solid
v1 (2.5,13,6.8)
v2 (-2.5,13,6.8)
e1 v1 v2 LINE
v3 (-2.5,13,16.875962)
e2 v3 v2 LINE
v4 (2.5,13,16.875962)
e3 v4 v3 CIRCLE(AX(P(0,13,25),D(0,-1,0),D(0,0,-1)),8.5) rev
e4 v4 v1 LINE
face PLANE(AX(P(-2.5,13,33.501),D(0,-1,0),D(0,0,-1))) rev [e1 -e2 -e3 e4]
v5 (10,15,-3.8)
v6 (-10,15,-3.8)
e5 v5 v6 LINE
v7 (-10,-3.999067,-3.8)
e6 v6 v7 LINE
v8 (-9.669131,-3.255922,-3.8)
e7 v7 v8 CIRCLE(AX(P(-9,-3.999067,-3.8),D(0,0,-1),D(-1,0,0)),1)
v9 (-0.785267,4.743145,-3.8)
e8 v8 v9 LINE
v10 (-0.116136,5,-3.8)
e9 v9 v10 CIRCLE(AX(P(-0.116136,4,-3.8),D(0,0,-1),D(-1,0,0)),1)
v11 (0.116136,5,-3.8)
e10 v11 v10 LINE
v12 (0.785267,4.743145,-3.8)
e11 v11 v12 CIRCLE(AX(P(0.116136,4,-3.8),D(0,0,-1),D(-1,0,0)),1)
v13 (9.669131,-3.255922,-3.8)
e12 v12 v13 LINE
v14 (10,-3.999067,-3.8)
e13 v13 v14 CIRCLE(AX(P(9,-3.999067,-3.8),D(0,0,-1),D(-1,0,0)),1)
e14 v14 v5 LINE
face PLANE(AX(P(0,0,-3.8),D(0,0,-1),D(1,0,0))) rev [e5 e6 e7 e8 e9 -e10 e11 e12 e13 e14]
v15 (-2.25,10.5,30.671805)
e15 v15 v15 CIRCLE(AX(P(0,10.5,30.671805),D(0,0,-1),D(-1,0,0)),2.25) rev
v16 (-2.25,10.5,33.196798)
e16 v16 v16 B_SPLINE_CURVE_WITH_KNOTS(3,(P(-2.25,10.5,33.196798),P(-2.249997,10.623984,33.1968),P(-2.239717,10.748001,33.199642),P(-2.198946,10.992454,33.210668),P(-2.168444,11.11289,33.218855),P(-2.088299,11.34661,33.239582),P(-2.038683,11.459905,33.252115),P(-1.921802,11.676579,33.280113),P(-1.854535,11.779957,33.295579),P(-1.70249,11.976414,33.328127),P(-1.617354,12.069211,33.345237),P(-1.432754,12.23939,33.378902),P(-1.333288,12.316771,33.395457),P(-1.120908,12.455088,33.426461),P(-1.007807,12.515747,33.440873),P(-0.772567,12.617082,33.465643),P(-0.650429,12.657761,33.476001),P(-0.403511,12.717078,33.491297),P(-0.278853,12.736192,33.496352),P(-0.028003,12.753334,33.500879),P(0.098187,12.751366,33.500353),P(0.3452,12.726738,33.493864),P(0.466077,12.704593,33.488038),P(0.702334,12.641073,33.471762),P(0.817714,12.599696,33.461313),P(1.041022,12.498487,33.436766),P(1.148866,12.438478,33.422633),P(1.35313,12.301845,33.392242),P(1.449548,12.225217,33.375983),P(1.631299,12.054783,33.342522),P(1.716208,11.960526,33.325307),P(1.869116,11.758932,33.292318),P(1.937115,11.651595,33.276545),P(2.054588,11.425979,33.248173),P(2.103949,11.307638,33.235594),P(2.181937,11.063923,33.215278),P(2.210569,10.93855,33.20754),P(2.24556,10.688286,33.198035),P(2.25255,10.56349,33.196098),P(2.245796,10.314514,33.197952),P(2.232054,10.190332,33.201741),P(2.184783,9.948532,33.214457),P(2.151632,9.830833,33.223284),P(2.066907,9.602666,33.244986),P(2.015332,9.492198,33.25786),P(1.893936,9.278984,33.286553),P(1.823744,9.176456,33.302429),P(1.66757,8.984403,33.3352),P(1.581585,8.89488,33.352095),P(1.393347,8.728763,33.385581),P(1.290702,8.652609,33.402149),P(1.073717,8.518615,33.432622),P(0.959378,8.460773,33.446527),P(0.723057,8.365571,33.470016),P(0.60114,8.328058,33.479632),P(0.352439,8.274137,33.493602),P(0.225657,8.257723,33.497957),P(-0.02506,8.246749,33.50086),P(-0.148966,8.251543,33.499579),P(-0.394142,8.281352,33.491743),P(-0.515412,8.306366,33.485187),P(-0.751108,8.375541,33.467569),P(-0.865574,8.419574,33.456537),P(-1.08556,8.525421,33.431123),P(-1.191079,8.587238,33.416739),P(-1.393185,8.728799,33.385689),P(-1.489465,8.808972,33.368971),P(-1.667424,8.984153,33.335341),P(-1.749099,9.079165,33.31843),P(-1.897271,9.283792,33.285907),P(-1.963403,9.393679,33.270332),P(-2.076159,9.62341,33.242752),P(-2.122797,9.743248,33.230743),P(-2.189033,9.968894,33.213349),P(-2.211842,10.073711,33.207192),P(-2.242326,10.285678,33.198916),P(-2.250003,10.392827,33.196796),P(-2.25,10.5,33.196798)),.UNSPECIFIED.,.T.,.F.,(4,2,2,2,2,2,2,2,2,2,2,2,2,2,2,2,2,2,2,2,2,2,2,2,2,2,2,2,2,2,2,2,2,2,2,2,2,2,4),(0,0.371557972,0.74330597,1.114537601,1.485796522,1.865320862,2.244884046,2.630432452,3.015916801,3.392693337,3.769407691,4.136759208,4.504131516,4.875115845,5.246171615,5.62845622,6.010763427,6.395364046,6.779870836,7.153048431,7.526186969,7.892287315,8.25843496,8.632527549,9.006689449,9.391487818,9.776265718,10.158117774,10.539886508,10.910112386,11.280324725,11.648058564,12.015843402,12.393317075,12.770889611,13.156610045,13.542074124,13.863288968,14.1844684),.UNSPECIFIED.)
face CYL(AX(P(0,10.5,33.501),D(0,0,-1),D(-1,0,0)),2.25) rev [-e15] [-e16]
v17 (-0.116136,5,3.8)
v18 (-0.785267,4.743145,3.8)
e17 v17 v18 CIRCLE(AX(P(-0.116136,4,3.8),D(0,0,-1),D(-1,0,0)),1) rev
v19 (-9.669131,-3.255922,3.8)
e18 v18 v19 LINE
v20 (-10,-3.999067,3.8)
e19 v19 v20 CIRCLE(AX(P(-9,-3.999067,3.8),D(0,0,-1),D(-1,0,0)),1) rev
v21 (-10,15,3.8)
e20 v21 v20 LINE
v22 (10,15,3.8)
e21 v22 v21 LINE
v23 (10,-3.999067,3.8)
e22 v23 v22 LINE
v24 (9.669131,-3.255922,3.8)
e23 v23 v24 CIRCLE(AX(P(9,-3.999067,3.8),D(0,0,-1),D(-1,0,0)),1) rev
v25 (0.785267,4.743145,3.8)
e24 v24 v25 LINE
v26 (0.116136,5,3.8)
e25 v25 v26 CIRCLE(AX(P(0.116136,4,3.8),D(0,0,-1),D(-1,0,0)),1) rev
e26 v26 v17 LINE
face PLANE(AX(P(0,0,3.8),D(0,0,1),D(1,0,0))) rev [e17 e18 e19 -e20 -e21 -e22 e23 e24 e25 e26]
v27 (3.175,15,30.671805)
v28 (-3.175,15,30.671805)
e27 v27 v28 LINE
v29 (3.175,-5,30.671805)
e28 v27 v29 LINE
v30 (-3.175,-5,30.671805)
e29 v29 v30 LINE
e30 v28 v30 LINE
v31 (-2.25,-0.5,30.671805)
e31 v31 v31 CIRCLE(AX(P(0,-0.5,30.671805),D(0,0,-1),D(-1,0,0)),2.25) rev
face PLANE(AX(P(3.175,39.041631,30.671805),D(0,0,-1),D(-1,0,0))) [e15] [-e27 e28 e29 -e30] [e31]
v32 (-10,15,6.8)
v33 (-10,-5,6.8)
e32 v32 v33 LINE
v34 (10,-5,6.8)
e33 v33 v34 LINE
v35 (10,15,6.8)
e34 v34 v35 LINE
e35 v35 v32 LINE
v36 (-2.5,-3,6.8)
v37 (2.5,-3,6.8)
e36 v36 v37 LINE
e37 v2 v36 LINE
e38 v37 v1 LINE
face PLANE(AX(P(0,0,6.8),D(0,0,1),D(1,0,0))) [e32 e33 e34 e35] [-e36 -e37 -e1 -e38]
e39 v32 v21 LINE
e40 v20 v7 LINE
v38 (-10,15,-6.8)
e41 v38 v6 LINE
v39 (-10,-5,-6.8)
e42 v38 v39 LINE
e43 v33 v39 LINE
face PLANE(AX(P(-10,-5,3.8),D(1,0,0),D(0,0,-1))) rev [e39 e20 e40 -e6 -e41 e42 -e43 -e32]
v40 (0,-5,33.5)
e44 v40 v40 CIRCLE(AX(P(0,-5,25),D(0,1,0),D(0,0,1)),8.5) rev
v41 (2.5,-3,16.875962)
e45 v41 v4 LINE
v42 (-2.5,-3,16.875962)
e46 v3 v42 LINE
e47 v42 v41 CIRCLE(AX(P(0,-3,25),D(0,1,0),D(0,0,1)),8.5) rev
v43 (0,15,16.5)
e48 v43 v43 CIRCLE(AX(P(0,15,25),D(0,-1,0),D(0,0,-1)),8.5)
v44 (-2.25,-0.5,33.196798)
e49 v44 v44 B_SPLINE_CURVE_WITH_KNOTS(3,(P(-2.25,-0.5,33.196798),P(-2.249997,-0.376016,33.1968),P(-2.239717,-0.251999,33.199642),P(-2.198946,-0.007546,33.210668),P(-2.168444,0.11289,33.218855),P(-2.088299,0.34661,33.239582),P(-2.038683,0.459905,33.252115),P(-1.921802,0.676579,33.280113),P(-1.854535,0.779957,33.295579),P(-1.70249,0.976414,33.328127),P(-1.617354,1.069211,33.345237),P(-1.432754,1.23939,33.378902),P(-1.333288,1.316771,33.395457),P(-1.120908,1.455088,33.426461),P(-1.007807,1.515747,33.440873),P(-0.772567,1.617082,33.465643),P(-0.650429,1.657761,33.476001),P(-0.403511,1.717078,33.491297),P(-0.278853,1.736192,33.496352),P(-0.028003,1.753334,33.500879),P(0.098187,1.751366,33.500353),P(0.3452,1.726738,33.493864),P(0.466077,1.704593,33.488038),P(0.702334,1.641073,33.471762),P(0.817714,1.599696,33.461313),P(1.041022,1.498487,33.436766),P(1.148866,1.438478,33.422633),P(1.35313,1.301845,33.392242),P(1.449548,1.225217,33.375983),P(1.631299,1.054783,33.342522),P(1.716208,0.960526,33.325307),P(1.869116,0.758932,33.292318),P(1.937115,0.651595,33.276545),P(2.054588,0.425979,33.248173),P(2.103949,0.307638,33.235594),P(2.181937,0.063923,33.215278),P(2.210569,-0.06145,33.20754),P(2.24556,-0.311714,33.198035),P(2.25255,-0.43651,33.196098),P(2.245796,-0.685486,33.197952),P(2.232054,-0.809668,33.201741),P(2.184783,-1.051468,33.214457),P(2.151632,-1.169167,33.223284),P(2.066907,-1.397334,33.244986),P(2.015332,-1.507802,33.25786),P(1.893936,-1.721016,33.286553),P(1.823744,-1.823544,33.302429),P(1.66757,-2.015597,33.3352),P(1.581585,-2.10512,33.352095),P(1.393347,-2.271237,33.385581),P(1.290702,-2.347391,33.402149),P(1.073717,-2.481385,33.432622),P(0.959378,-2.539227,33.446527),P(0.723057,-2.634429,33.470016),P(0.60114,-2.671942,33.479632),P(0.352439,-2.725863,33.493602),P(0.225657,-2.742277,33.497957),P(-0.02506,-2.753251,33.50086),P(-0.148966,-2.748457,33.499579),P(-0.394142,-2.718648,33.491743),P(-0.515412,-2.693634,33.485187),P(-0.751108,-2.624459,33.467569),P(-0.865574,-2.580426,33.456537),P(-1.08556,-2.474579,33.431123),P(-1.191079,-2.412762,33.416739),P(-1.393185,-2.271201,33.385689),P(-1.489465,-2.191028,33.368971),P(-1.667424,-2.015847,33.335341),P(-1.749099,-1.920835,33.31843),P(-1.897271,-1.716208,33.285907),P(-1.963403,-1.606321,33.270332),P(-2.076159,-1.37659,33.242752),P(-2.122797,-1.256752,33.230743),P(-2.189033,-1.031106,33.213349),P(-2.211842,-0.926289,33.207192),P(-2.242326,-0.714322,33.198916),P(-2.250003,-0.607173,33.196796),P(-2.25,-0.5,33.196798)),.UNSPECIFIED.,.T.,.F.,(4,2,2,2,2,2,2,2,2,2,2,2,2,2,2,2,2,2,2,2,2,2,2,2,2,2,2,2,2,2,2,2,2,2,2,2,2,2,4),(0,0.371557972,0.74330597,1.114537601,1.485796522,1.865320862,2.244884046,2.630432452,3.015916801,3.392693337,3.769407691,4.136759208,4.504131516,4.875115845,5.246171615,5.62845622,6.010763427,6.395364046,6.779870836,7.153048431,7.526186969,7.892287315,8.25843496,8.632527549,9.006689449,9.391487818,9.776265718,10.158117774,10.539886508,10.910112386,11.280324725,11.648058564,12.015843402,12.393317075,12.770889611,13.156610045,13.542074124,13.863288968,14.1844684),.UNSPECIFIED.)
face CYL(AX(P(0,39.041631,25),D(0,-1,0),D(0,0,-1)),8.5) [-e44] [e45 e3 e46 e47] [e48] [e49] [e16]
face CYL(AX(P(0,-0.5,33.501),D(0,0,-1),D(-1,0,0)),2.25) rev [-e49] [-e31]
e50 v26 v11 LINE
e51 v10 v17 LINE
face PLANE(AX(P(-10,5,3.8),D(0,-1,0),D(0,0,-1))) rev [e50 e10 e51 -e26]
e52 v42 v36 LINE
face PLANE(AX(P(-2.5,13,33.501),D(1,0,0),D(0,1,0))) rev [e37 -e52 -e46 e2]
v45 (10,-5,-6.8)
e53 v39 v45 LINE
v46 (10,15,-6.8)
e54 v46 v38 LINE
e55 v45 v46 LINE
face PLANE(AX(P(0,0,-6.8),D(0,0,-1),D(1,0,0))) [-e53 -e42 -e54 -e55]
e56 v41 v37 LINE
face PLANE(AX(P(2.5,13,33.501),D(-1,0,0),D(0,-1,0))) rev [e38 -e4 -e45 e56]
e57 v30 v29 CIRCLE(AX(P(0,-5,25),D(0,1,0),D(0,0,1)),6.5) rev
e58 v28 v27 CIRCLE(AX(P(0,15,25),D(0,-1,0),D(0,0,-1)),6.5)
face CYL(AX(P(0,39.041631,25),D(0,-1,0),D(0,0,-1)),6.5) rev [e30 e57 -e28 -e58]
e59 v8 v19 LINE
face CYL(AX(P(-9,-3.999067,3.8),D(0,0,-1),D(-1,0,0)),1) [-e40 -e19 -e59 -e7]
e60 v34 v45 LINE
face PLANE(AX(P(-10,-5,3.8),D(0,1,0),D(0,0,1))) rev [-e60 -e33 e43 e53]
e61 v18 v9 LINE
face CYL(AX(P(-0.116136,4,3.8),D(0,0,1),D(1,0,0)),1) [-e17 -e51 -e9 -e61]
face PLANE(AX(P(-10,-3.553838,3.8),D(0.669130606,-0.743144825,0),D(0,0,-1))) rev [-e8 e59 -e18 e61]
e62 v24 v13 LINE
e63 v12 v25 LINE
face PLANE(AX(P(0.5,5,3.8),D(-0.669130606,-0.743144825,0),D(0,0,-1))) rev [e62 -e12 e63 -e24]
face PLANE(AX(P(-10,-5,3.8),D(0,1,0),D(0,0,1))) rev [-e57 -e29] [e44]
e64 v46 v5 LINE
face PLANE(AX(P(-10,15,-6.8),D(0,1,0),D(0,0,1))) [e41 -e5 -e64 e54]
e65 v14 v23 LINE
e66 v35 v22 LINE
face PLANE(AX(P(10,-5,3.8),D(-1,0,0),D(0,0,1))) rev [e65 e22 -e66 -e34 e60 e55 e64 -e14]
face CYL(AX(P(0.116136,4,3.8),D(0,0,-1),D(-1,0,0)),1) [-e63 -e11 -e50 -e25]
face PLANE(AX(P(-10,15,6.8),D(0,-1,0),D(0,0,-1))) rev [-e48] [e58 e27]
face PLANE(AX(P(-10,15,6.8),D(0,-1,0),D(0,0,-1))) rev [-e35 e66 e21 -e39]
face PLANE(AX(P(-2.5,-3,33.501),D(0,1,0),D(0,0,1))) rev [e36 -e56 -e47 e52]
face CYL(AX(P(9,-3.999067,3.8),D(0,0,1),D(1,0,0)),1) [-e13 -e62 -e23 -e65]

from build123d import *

# Parameters (mm, degrees)
SKETCH2_W                       = 20
SKETCH2_H                       = 10
BOSS_EXTRUDE1_DEPTH             = 3.8
CHAMFER1_SIZE                   = 9.5
CHAMFER1_SIZE2                  = 8.553838421
FILLET3_R                       = 1
SKETCH3_W                       = 20
SKETCH3_H                       = 20
BOSS_EXTRUDE2_DEPTH             = 3
BOSS_EXTRUDE3_REACH             = 21.268
SKETCH6_R                       = 8.5
BOSS_EXTRUDE3_DIRECTION_2_REACH = 21.268
BOSS_EXTRUDE4_REACH             = 34.216
BOSS_EXTRUDE4_END_RADIUS        = 8.5
SKETCH5_W                       = 5
SKETCH5_H                       = 16
CUT_EXTRUDE1_REACH              = 34.299
CUT_EXTRUDE1_END_RADIUS         = 8.5
SKETCH7_R                       = 2.25


with BuildPart() as part:
    # Sketch2 → Boss-Extrude1 (new, symmetric)
    with BuildSketch(Plane.XY):
        Rectangle(SKETCH2_W, SKETCH2_H)
    extrude(amount=BOSS_EXTRUDE1_DEPTH, both=True)

    # Chamfer1
    chamfer1_edges = [part.edges().sort_by_distance(p)[0] for p in [
        (-10, 5, 0),
        (10, 5, 0),
    ]]
    chamfer1_side = [part.faces().sort_by_distance(p)[0] for p in [
        (0, 5, 0),
    ]]
    chamfer(chamfer1_edges, length=CHAMFER1_SIZE, length2=CHAMFER1_SIZE2, reference=chamfer1_side[0])

    # Fillet3
    fillet3_edges = [part.edges().sort_by_distance(p)[0] for p in [
        (-0.5, 5, 0),
        (0.5, 5, 0),
        (10, -3.553838421, 0),
        (-10, -3.553838421, 0),
    ]]
    fillet(fillet3_edges, radius=FILLET3_R)

    # Sketch3 → Boss-Extrude2 (add)
    with BuildSketch(Plane.XY.offset(3.8)):
        with Locations((0, 5)):
            Rectangle(SKETCH3_W, SKETCH3_H)
    boss_extrude2 = extrude(amount=BOSS_EXTRUDE2_DEPTH)

    # Mirror1: Boss-Extrude2 across plane
    add(boss_extrude2.mirror(Plane.XY))


with BuildPart() as body_2:

    # Boss-Extrude3: up to this face of the body (flat: up to its plane)
    boss_extrude3_end = Plane(part.part.faces().sort_by_distance((0, 15, 5.3))[0])
    # Sketch6 → Boss-Extrude3 (new, up to the picked face)
    with BuildSketch(Plane(origin=(0, 0, 0), x_dir=(1, 0, 0), z_dir=(0, 1, 0)), mode=Mode.PRIVATE) as boss_extrude3_sk1:
        with Locations(Location((0, -25, 0), (0, 0, 90))):
            Circle(SKETCH6_R)
        with BuildLine():
            Line((3.175, -30.671805268), (-3.175, -30.671805268))
            ThreePointArc((-3.175, -30.671805268), (0, -18.5), (3.175, -30.671805268))
        make_face(mode=Mode.SUBTRACT)
    boss_extrude3_tool1 = split(extrude(boss_extrude3_sk1.sketch, amount=BOSS_EXTRUDE3_REACH, mode=Mode.PRIVATE), bisect_by=boss_extrude3_end, keep=Keep.BOTH, mode=Mode.PRIVATE)
    add(boss_extrude3_tool1.solids().sort_by(Axis((0, 0, 33.259584), (0, 1, 0)))[0])


    # Boss-Extrude3 direction 2: up to this face of the body (flat: up to its plane)
    boss_extrude3_direction_2_end = Plane(part.part.faces().sort_by_distance((0, -5, 0))[0])
    # Sketch6 → Boss-Extrude3 direction 2 (add, up to the picked face)
    with BuildSketch(Plane(origin=(0, 0, 0), x_dir=(1, 0, 0), z_dir=(0, 1, 0)), mode=Mode.PRIVATE) as boss_extrude3_direction_2_sk1:
        with Locations(Location((0, -25, 0), (0, 0, 90))):
            Circle(SKETCH6_R)
        with BuildLine():
            Line((3.175, -30.671805268), (-3.175, -30.671805268))
            ThreePointArc((-3.175, -30.671805268), (0, -18.5), (3.175, -30.671805268))
        make_face(mode=Mode.SUBTRACT)
    boss_extrude3_direction_2_tool1 = split(extrude(boss_extrude3_direction_2_sk1.sketch, amount=-BOSS_EXTRUDE3_DIRECTION_2_REACH, mode=Mode.PRIVATE), bisect_by=boss_extrude3_direction_2_end, keep=Keep.BOTH, mode=Mode.PRIVATE)
    add(boss_extrude3_direction_2_tool1.solids().sort_by(Axis((0, 0, 33.259584), (0, -1, 0)))[0])


with BuildPart() as part_1:
    add(part.part)

    add(body_2.part)  # Boss-Extrude4 merges body 2
    # Boss-Extrude4: up to this cylinder (the profile starts outside it)
    boss_extrude4_end = Plane(origin=(0, 5, 25), z_dir=(0, -1, 0)) * Cylinder(BOSS_EXTRUDE4_END_RADIUS, 86.432, mode=Mode.PRIVATE)
    # Sketch5 → Boss-Extrude4 (add, up to the surface)
    with BuildSketch(Plane.XY.offset(6.8), mode=Mode.PRIVATE) as boss_extrude4_sk1:
        with Locations((0, 5)):
            Rectangle(SKETCH5_W, SKETCH5_H)
    boss_extrude4_tool1 = extrude(boss_extrude4_sk1.sketch, amount=BOSS_EXTRUDE4_REACH, mode=Mode.PRIVATE) - boss_extrude4_end
    add(boss_extrude4_tool1.solids().sort_by_distance((0, 5, 6.8))[0])

    # Cut-Extrude1: up to this cylinder (the profile starts inside it)
    cut_extrude1_end = Plane(origin=(0, 5, 25), z_dir=(0, -1, 0)) * Cylinder(CUT_EXTRUDE1_END_RADIUS, 97.598, mode=Mode.PRIVATE)
    # Sketch7 → Cut-Extrude1 (cut, up to the surface)
    with BuildSketch(Plane.XY.offset(20), mode=Mode.PRIVATE) as cut_extrude1_sk1:
        with Locations(Location((0, 10.5, 0), (0, 0, 180))):
            Circle(SKETCH7_R)
    cut_extrude1_tool1 = extrude(cut_extrude1_sk1.sketch, amount=CUT_EXTRUDE1_REACH, mode=Mode.PRIVATE) & cut_extrude1_end
    add(cut_extrude1_tool1.solids().sort_by_distance((0, 10.5, 20))[0], mode=Mode.SUBTRACT)
    # Sketch7 → Cut-Extrude1 (cut, up to the surface)
    with BuildSketch(Plane.XY.offset(20), mode=Mode.PRIVATE) as cut_extrude1_sk2:
        with Locations(Location((0, -0.5, 0), (0, 0, 180))):
            Circle(SKETCH7_R)
    cut_extrude1_tool2 = extrude(cut_extrude1_sk2.sketch, amount=CUT_EXTRUDE1_REACH, mode=Mode.PRIVATE) & cut_extrude1_end
    add(cut_extrude1_tool2.solids().sort_by_distance((0, -0.5, 20))[0], mode=Mode.SUBTRACT)


solid = part_1.part
